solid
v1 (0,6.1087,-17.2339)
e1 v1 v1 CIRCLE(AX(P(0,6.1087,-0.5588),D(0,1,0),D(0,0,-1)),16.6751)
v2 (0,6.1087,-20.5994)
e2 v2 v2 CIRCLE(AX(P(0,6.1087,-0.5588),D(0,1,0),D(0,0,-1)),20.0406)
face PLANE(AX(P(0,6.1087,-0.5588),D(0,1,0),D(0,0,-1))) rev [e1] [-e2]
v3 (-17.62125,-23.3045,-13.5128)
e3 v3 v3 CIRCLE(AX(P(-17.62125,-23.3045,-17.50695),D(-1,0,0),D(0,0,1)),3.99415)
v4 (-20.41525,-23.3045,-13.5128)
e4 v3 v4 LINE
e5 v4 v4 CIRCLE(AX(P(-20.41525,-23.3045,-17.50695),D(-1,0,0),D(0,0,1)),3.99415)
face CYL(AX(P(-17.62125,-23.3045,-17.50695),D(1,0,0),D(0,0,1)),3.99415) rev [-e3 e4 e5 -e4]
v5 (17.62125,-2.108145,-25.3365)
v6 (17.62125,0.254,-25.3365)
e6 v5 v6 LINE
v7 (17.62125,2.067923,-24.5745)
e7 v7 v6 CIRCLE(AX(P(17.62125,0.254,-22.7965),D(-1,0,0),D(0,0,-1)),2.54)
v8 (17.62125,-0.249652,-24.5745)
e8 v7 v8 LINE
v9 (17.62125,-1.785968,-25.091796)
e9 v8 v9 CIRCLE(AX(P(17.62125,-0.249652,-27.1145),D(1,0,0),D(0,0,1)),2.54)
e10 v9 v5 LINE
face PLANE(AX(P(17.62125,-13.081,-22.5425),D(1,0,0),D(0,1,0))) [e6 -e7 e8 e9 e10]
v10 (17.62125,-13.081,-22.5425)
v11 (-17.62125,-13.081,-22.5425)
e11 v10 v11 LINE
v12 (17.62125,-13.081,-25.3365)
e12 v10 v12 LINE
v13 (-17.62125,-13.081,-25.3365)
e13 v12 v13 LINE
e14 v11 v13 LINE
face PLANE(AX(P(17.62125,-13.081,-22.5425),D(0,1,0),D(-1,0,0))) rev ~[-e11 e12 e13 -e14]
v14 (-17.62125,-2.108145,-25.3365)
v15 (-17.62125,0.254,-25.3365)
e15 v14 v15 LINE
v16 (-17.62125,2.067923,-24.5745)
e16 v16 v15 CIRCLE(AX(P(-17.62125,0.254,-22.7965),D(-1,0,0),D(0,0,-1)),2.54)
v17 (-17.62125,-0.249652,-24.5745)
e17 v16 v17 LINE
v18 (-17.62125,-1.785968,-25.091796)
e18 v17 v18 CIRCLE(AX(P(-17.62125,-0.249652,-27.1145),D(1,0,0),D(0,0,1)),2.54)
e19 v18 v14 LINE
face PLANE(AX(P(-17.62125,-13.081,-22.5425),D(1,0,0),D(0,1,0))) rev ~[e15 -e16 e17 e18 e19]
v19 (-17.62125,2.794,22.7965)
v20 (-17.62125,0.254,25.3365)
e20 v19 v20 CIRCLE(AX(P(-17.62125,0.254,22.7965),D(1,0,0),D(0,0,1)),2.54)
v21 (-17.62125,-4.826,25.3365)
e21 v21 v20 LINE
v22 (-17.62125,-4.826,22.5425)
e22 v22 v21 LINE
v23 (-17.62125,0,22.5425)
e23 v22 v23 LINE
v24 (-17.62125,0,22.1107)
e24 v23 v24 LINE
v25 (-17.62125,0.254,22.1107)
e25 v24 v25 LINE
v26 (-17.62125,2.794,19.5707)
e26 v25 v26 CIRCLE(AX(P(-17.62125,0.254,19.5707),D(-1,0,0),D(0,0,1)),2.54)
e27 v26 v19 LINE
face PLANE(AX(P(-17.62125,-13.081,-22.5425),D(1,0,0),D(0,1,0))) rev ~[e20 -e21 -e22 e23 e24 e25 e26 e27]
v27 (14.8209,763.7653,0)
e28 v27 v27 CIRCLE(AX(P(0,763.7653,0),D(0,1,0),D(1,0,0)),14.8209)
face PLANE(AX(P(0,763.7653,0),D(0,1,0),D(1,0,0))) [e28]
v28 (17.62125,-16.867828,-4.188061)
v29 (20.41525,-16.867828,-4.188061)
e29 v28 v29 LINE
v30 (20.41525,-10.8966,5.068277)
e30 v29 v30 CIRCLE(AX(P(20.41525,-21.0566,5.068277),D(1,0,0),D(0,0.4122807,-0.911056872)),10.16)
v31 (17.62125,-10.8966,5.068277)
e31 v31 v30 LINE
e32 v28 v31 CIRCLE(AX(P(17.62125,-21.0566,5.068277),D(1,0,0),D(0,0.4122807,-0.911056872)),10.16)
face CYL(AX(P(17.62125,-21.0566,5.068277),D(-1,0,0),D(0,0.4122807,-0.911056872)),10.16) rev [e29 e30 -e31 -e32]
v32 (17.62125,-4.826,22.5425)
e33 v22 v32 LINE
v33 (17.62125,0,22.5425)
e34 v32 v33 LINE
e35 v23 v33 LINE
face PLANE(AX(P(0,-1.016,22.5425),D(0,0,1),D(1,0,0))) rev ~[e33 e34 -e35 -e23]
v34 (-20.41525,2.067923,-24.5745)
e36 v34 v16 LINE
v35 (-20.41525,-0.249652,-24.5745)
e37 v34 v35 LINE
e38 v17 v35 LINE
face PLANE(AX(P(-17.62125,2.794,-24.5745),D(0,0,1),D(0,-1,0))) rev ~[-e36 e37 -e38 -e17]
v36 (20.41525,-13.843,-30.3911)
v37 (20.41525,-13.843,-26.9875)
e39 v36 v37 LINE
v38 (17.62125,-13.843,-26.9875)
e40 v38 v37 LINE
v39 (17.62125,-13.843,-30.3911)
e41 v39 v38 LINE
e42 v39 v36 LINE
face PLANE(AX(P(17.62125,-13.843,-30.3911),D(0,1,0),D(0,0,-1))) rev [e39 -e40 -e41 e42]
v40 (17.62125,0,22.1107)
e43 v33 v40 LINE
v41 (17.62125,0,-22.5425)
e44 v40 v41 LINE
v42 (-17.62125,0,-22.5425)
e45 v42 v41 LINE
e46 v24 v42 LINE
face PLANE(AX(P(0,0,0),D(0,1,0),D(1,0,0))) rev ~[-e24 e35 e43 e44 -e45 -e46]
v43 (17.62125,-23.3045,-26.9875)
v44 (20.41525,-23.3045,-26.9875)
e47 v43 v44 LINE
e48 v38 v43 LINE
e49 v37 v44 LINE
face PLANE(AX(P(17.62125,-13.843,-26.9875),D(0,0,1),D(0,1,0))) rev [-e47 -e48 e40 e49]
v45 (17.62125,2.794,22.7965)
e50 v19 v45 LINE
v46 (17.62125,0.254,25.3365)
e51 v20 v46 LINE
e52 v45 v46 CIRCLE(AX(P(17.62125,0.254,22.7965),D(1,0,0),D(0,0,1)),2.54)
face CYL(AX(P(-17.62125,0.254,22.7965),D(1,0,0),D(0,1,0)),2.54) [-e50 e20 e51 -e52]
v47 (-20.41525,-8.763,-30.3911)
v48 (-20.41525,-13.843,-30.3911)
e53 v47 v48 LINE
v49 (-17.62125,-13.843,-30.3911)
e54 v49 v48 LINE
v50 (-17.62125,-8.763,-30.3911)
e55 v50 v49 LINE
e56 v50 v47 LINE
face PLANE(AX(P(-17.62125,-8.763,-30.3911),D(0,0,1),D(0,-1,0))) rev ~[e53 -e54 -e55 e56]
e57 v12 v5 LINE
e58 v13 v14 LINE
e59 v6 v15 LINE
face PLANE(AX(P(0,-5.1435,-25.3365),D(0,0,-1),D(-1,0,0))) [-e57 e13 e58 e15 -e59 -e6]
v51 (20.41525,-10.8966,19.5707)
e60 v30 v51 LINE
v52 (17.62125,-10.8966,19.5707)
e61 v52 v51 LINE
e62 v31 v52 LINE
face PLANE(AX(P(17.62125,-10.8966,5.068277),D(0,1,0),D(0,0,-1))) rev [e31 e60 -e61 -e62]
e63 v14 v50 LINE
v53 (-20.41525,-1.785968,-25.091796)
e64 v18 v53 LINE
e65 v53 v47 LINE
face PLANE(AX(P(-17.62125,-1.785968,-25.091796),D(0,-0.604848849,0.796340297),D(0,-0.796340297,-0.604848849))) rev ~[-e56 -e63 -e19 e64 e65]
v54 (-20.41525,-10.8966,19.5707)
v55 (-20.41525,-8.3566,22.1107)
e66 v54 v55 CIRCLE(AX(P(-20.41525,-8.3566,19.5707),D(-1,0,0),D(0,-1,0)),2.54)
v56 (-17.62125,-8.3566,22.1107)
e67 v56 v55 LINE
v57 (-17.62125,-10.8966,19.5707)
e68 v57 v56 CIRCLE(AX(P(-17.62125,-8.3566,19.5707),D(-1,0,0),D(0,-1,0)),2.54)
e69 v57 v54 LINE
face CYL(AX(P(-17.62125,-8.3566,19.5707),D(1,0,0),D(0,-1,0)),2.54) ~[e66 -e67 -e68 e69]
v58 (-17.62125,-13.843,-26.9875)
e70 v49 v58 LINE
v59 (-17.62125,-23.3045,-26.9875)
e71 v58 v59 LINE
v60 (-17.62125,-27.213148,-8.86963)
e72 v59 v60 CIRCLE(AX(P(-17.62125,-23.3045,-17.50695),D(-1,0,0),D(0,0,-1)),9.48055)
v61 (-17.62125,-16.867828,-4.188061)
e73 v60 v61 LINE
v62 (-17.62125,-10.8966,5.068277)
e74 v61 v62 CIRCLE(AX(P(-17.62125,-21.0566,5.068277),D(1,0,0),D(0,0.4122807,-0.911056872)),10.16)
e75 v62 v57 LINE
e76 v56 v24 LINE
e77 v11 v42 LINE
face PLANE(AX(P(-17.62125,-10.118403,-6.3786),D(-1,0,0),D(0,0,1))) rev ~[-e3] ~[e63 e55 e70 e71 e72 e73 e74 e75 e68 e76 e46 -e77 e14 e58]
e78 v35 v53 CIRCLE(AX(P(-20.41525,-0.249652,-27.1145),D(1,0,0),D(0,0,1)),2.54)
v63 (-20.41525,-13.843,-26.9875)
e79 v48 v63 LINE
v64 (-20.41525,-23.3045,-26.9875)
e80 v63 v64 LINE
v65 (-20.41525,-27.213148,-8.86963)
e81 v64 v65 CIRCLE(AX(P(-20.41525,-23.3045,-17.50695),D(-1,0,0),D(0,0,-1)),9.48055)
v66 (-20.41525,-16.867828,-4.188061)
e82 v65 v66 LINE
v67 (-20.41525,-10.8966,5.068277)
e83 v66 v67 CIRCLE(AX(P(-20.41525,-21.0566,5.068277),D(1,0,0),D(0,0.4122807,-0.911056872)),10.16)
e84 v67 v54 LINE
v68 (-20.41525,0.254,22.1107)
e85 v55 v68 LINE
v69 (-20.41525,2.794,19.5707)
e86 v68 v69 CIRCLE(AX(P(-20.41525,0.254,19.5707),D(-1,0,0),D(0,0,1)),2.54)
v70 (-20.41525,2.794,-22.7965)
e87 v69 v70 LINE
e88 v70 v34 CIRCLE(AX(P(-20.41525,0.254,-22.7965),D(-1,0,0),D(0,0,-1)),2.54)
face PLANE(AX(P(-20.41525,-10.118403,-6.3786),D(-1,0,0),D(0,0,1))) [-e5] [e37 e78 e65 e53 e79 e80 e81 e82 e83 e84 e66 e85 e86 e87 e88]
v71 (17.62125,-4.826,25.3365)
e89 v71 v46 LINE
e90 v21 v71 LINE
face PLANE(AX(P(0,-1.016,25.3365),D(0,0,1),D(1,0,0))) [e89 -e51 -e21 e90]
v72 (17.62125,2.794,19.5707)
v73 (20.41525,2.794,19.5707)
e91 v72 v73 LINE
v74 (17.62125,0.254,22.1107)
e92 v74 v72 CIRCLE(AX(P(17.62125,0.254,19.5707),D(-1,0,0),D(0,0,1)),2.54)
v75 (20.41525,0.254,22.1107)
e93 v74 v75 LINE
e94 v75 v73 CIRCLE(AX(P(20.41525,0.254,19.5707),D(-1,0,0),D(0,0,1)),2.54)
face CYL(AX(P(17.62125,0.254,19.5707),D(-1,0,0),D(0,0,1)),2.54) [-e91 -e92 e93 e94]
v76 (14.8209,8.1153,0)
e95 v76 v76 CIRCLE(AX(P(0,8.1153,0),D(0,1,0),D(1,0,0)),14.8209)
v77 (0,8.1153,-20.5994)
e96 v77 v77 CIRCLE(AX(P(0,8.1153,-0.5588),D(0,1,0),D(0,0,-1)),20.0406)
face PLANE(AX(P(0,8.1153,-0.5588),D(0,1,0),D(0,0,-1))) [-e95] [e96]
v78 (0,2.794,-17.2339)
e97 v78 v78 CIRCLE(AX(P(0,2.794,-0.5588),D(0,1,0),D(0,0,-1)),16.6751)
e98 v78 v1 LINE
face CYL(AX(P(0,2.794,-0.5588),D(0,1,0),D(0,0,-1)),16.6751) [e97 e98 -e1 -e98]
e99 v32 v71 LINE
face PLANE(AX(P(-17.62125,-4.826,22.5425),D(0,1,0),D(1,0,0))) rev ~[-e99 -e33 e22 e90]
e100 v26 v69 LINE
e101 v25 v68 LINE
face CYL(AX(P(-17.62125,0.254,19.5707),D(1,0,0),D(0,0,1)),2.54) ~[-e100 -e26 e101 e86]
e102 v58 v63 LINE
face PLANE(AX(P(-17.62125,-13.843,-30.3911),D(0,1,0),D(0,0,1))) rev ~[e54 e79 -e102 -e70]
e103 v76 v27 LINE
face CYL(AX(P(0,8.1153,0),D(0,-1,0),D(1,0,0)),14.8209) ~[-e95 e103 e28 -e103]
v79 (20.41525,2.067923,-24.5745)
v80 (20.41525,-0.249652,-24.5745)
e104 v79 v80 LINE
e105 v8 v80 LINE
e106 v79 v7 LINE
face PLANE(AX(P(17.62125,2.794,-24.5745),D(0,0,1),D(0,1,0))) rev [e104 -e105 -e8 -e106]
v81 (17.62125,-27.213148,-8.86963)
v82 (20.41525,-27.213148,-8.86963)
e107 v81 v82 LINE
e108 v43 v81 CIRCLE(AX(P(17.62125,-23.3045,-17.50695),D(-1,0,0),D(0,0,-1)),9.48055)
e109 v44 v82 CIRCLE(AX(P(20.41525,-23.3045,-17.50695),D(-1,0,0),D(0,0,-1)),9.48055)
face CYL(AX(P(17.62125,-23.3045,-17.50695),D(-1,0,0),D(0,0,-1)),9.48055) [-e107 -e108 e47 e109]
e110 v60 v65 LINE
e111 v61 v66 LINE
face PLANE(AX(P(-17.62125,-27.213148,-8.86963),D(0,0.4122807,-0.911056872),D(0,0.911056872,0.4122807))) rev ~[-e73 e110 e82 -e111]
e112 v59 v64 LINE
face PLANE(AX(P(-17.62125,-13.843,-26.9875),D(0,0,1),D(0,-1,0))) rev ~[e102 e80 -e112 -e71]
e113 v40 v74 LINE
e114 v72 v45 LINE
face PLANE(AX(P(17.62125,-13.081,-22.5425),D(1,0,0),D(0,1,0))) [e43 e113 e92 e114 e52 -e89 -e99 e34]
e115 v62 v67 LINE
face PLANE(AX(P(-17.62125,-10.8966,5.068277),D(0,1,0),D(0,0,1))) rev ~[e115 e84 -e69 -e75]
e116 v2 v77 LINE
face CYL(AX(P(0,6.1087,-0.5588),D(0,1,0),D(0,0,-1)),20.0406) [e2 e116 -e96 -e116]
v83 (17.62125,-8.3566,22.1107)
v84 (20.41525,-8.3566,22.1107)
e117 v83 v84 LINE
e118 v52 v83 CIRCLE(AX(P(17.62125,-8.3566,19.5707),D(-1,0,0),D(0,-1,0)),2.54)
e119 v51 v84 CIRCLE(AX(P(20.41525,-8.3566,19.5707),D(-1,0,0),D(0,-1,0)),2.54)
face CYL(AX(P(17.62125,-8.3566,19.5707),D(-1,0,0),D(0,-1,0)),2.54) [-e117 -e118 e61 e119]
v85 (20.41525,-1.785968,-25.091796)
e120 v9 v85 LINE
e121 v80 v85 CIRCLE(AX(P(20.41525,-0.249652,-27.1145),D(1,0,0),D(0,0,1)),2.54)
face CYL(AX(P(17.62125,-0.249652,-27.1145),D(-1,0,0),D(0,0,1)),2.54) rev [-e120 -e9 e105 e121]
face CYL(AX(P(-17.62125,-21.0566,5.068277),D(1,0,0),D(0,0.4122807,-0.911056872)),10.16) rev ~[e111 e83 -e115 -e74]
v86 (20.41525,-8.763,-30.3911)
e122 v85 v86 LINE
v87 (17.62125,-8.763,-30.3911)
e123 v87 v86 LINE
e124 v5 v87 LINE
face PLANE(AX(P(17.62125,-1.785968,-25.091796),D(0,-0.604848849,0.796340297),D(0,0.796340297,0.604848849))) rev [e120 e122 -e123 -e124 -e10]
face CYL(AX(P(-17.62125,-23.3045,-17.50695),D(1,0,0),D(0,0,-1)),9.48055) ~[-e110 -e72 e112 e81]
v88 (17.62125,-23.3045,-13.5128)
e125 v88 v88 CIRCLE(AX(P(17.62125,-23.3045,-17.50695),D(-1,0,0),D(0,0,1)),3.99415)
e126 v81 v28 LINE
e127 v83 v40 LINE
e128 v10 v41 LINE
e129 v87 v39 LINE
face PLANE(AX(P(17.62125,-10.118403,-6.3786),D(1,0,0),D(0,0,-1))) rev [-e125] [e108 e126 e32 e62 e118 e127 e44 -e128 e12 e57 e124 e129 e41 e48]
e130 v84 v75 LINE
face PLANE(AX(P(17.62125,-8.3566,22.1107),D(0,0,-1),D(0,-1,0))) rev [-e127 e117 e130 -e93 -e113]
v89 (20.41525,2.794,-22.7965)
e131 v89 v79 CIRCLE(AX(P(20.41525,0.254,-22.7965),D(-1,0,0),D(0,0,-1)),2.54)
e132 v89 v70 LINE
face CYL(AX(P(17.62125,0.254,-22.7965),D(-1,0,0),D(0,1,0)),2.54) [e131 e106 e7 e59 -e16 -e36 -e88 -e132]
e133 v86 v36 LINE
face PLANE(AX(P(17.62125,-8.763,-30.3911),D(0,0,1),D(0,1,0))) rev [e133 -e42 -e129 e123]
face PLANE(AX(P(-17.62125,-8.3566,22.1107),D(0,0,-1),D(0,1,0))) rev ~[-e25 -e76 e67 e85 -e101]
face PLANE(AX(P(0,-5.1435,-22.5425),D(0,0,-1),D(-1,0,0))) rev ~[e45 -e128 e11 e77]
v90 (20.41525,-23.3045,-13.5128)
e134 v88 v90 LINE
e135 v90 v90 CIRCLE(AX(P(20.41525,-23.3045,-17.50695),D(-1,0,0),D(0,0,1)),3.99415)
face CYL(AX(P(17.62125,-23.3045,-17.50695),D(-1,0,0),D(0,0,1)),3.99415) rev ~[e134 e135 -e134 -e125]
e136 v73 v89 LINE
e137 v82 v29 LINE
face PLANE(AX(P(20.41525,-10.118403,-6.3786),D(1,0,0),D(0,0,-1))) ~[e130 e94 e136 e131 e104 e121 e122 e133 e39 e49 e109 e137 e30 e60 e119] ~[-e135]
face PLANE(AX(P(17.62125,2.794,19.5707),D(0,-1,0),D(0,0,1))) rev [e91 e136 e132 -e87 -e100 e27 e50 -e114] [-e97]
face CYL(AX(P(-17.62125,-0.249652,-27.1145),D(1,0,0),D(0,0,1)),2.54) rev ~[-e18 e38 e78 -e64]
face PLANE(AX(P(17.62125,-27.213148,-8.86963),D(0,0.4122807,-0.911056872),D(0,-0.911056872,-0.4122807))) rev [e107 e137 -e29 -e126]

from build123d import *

# Parameters (mm, degrees)
SKETCH1_W           = 35.2425
SKETCH1_H           = 45.085
BOSS_EXTRUDE1_DEPTH = 2.794
SKETCH3_W           = 35.2425
SKETCH3_H           = 7.62
BOSS_EXTRUDE2_DEPTH = 2.794
SKETCH4_W           = 35.2425
SKETCH4_H           = 15.875
BOSS_EXTRUDE3_DEPTH = 2.794
SKETCH5_R           = 3.99415
BOSS_EXTRUDE5_DEPTH = 2.794
SKETCH8_R           = 14.8209
BOSS_EXTRUDE6_DEPTH = 755.65
FILLET1_R           = 2.54


with BuildPart() as part:
    # Sketch1 → Boss-Extrude1 (new body)
    with BuildSketch(Plane(origin=(0, 0, 0), x_dir=(1, 0, 0), z_dir=(0, 1, 0))):
        Rectangle(SKETCH1_W, SKETCH1_H)
    extrude(amount=BOSS_EXTRUDE1_DEPTH)

    # Sketch3 → Boss-Extrude2 (add)
    with BuildSketch(Plane.XY.offset(22.5425)):
        with Locations((0, -1.016)):
            Rectangle(SKETCH3_W, SKETCH3_H)
    extrude(amount=BOSS_EXTRUDE2_DEPTH)

    # Sketch4 → Boss-Extrude3 (add)
    with BuildSketch(Plane(origin=(0, 0, -22.5425), x_dir=(-1, 0, 0), z_dir=(0, 0, -1))):
        with Locations((0, -5.1435)):
            Rectangle(SKETCH4_W, SKETCH4_H)
    extrude(amount=BOSS_EXTRUDE3_DEPTH)

    # Sketch5 → Boss-Extrude5 (add)
    with BuildSketch(Plane.ZY.offset(17.62125)):
        with BuildLine():
            Line((-24.5745, 2.794), (-24.5745, -0.249652205))
            ThreePointArc((-24.5745, -0.249652205), (-24.707295287, -1.060186269), (-25.091795645, -1.785968283))
            Line((-25.091795645, -1.785968283), (-30.3911, -8.763))
            Line((-30.3911, -8.763), (-30.3911, -13.843))
            Line((-30.3911, -13.843), (-26.9875, -13.843))
            Line((-26.9875, -13.843), (-26.9875, -23.3045))
            ThreePointArc((-26.9875, -23.3045), (-19.506235123, -32.571845213), (-8.869629771, -27.213147793))
            Line((-8.869629771, -27.213147793), (-4.188060723, -16.867828085))
            ThreePointArc((-4.188060723, -16.867828085), (-0.439339327, -12.518932794), (5.068277097, -10.8966))
            Line((5.068277097, -10.8966), (19.5707, -10.8966))
            ThreePointArc((19.5707, -10.8966), (21.366751224, -10.152651224), (22.1107, -8.3566))
            Line((22.1107, -8.3566), (22.1107, 0.254))
            ThreePointArc((22.1107, 0.254), (21.366751224, 2.050051224), (19.5707, 2.794))
            Line((19.5707, 2.794), (-24.5745, 2.794))
        make_face()
        with Locations((-17.50695, -23.3045)):
            Circle(SKETCH5_R, mode=Mode.SUBTRACT)
    boss_extrude5 = extrude(amount=BOSS_EXTRUDE5_DEPTH)

    # Mirror1: Boss-Extrude5 across plane
    add(boss_extrude5.mirror(Plane(origin=(0, 0, 0), x_dir=(0, 0, 1), z_dir=(1, 0, 0))))

    # Sketch6 → Revolve1 (revolve)
    with BuildSketch(Plane(origin=(0, 0, 0), x_dir=(0, 0, -1), z_dir=(1, 0, 0))):
        Polygon((0.5588, 2.794), (17.2339, 2.794), (17.2339, 6.1087), (20.5994, 6.1087), (20.5994, 8.1153), (0.5588, 8.1153), align=None)
    revolve(axis=Axis((0, 2.794, -0.5588), (0, 1, 0)))

    # Sketch8 → Boss-Extrude6 (add)
    with BuildSketch(Plane(origin=(0, 8.1153, 0), x_dir=(1, 0, 0), z_dir=(0, 1, 0))):
        Circle(SKETCH8_R)
    extrude(amount=BOSS_EXTRUDE6_DEPTH)

    # Fillet1
    fillet1_edges = [part.edges().sort_by_distance(p)[0] for p in [
        (0, 2.794, -25.3365),
        (0, 2.794, 25.3365),
    ]]
    fillet(fillet1_edges, radius=FILLET1_R)


solid = part.part
